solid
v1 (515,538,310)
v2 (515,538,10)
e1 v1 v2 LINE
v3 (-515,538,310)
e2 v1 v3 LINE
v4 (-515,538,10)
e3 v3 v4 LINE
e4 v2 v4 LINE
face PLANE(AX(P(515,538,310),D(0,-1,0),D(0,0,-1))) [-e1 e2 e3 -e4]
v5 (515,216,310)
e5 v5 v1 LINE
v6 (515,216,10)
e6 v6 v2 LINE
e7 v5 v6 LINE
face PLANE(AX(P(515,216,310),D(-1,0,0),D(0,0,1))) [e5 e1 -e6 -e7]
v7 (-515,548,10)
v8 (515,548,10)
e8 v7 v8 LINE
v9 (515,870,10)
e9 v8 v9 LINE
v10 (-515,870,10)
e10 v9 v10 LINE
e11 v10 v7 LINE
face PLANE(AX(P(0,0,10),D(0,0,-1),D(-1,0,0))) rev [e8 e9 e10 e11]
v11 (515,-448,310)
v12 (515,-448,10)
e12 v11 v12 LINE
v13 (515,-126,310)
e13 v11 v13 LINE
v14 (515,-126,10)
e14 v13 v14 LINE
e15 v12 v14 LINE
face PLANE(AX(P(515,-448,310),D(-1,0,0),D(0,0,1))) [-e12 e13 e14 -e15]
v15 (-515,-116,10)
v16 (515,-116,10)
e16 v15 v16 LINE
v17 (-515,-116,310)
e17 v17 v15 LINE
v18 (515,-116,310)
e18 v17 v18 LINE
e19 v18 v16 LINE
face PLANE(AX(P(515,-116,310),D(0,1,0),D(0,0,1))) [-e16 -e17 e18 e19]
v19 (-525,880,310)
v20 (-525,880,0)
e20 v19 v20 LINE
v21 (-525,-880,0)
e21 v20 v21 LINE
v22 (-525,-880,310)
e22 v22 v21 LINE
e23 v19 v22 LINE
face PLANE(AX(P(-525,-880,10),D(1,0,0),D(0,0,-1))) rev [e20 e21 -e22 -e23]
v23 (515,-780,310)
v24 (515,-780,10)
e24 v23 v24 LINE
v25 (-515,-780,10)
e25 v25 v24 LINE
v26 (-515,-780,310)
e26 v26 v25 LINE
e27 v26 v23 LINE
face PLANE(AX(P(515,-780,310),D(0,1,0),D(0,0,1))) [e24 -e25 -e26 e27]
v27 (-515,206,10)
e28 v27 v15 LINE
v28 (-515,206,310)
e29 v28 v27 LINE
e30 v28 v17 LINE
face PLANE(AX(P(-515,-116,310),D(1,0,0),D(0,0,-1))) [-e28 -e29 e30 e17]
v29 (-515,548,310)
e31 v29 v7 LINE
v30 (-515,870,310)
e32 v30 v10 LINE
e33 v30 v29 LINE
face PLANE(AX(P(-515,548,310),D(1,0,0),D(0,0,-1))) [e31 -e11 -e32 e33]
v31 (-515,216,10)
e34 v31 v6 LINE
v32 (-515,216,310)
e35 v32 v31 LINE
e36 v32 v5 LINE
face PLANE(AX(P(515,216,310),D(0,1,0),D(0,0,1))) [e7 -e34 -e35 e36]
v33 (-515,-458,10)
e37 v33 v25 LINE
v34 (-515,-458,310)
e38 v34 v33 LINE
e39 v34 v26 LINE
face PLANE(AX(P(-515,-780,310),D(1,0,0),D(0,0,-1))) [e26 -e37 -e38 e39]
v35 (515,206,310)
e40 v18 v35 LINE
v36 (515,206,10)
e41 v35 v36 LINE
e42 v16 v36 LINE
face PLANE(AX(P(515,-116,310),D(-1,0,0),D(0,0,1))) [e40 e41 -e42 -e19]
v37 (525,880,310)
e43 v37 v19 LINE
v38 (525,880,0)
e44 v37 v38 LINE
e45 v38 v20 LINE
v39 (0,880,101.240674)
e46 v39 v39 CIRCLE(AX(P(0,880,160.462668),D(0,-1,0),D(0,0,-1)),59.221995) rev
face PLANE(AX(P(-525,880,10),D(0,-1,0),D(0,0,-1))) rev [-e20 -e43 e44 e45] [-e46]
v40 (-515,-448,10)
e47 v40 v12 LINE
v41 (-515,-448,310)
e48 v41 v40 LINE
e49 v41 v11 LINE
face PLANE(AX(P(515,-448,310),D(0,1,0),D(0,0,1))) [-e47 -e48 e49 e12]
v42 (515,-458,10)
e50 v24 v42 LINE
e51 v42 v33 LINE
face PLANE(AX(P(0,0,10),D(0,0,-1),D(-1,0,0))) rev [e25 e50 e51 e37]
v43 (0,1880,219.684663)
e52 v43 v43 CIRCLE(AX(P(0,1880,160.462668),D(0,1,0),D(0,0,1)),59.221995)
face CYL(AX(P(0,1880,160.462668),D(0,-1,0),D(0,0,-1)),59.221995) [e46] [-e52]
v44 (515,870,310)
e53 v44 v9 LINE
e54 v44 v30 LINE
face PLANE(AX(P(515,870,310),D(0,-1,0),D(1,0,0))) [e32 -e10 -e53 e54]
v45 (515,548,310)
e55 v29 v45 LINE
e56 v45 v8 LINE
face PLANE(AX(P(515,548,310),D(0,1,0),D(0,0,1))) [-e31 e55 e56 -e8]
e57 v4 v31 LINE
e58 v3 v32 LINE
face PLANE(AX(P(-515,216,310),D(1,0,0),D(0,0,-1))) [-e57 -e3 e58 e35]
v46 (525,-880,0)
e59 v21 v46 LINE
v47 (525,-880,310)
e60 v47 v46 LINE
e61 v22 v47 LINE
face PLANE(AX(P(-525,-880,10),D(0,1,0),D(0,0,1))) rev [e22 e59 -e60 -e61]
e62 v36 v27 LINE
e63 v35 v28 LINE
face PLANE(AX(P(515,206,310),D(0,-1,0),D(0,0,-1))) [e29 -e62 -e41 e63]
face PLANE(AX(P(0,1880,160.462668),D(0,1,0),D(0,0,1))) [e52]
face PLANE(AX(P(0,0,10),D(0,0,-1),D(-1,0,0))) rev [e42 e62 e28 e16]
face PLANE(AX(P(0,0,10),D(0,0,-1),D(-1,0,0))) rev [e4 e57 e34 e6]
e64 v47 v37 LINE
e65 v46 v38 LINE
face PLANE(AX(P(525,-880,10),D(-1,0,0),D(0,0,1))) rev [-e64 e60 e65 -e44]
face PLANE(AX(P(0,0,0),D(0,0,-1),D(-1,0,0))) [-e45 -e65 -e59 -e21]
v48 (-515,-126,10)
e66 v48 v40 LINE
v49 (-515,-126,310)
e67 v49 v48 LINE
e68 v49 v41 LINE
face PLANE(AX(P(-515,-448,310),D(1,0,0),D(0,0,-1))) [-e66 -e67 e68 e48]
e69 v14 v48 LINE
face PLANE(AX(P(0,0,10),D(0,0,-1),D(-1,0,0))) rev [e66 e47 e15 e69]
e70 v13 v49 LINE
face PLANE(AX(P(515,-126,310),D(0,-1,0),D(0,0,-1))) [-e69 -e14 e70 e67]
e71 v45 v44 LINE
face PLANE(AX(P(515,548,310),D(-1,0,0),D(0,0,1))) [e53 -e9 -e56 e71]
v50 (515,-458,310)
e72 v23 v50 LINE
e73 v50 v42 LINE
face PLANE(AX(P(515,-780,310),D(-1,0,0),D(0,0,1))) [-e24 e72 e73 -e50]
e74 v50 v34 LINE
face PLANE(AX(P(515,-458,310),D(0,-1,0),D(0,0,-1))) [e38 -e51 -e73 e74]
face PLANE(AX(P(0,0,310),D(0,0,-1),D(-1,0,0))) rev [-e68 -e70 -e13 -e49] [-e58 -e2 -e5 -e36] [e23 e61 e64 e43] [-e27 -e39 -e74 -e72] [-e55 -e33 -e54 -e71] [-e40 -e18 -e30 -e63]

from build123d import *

# Parameters (mm, degrees)
CROQUIS1_W              = 1050
CROQUIS1_H              = 1760
SALIENTE_EXTRUIR1_DEPTH = 10
CROQUIS2_W              = 1050
CROQUIS2_H              = 1760
CROQUIS2_W_2            = 1030
CROQUIS2_H_2            = 322
SALIENTE_EXTRUIR2_DEPTH = 300
CROQUIS3_R              = 59.221994718
SALIENTE_EXTRUIR3_DEPTH = 1000


with BuildPart() as part:
    # Croquis1 → Saliente-Extruir1 (new body)
    with BuildSketch(Plane.XY):
        Rectangle(CROQUIS1_W, CROQUIS1_H)
    extrude(amount=SALIENTE_EXTRUIR1_DEPTH)

    # Croquis2 → Saliente-Extruir2 (add)
    with BuildSketch(Plane.XY.offset(10)):
        Rectangle(CROQUIS2_W, CROQUIS2_H)
        with Locations((0, 377)):
            Rectangle(CROQUIS2_W_2, CROQUIS2_H_2, mode=Mode.SUBTRACT)
        with Locations((0, 709)):
            Rectangle(CROQUIS2_W_2, CROQUIS2_H_2, mode=Mode.SUBTRACT)
        with Locations((0, 45)):
            Rectangle(CROQUIS2_W_2, CROQUIS2_H_2, mode=Mode.SUBTRACT)
        with Locations((0, -287)):
            Rectangle(CROQUIS2_W_2, CROQUIS2_H_2, mode=Mode.SUBTRACT)
        with Locations((0, -619)):
            Rectangle(CROQUIS2_W_2, CROQUIS2_H_2, mode=Mode.SUBTRACT)
    extrude(amount=SALIENTE_EXTRUIR2_DEPTH)

    # Croquis3 → Saliente-Extruir3 (add)
    with BuildSketch(Plane(origin=(0, 880, 0), x_dir=(1, 0, 0), z_dir=(0, 1, 0))):
        with Locations(Location((0, -160.46266829, 0), (0, 0, 90))):
            Circle(CROQUIS3_R)
    extrude(amount=SALIENTE_EXTRUIR3_DEPTH)


solid = part.part
